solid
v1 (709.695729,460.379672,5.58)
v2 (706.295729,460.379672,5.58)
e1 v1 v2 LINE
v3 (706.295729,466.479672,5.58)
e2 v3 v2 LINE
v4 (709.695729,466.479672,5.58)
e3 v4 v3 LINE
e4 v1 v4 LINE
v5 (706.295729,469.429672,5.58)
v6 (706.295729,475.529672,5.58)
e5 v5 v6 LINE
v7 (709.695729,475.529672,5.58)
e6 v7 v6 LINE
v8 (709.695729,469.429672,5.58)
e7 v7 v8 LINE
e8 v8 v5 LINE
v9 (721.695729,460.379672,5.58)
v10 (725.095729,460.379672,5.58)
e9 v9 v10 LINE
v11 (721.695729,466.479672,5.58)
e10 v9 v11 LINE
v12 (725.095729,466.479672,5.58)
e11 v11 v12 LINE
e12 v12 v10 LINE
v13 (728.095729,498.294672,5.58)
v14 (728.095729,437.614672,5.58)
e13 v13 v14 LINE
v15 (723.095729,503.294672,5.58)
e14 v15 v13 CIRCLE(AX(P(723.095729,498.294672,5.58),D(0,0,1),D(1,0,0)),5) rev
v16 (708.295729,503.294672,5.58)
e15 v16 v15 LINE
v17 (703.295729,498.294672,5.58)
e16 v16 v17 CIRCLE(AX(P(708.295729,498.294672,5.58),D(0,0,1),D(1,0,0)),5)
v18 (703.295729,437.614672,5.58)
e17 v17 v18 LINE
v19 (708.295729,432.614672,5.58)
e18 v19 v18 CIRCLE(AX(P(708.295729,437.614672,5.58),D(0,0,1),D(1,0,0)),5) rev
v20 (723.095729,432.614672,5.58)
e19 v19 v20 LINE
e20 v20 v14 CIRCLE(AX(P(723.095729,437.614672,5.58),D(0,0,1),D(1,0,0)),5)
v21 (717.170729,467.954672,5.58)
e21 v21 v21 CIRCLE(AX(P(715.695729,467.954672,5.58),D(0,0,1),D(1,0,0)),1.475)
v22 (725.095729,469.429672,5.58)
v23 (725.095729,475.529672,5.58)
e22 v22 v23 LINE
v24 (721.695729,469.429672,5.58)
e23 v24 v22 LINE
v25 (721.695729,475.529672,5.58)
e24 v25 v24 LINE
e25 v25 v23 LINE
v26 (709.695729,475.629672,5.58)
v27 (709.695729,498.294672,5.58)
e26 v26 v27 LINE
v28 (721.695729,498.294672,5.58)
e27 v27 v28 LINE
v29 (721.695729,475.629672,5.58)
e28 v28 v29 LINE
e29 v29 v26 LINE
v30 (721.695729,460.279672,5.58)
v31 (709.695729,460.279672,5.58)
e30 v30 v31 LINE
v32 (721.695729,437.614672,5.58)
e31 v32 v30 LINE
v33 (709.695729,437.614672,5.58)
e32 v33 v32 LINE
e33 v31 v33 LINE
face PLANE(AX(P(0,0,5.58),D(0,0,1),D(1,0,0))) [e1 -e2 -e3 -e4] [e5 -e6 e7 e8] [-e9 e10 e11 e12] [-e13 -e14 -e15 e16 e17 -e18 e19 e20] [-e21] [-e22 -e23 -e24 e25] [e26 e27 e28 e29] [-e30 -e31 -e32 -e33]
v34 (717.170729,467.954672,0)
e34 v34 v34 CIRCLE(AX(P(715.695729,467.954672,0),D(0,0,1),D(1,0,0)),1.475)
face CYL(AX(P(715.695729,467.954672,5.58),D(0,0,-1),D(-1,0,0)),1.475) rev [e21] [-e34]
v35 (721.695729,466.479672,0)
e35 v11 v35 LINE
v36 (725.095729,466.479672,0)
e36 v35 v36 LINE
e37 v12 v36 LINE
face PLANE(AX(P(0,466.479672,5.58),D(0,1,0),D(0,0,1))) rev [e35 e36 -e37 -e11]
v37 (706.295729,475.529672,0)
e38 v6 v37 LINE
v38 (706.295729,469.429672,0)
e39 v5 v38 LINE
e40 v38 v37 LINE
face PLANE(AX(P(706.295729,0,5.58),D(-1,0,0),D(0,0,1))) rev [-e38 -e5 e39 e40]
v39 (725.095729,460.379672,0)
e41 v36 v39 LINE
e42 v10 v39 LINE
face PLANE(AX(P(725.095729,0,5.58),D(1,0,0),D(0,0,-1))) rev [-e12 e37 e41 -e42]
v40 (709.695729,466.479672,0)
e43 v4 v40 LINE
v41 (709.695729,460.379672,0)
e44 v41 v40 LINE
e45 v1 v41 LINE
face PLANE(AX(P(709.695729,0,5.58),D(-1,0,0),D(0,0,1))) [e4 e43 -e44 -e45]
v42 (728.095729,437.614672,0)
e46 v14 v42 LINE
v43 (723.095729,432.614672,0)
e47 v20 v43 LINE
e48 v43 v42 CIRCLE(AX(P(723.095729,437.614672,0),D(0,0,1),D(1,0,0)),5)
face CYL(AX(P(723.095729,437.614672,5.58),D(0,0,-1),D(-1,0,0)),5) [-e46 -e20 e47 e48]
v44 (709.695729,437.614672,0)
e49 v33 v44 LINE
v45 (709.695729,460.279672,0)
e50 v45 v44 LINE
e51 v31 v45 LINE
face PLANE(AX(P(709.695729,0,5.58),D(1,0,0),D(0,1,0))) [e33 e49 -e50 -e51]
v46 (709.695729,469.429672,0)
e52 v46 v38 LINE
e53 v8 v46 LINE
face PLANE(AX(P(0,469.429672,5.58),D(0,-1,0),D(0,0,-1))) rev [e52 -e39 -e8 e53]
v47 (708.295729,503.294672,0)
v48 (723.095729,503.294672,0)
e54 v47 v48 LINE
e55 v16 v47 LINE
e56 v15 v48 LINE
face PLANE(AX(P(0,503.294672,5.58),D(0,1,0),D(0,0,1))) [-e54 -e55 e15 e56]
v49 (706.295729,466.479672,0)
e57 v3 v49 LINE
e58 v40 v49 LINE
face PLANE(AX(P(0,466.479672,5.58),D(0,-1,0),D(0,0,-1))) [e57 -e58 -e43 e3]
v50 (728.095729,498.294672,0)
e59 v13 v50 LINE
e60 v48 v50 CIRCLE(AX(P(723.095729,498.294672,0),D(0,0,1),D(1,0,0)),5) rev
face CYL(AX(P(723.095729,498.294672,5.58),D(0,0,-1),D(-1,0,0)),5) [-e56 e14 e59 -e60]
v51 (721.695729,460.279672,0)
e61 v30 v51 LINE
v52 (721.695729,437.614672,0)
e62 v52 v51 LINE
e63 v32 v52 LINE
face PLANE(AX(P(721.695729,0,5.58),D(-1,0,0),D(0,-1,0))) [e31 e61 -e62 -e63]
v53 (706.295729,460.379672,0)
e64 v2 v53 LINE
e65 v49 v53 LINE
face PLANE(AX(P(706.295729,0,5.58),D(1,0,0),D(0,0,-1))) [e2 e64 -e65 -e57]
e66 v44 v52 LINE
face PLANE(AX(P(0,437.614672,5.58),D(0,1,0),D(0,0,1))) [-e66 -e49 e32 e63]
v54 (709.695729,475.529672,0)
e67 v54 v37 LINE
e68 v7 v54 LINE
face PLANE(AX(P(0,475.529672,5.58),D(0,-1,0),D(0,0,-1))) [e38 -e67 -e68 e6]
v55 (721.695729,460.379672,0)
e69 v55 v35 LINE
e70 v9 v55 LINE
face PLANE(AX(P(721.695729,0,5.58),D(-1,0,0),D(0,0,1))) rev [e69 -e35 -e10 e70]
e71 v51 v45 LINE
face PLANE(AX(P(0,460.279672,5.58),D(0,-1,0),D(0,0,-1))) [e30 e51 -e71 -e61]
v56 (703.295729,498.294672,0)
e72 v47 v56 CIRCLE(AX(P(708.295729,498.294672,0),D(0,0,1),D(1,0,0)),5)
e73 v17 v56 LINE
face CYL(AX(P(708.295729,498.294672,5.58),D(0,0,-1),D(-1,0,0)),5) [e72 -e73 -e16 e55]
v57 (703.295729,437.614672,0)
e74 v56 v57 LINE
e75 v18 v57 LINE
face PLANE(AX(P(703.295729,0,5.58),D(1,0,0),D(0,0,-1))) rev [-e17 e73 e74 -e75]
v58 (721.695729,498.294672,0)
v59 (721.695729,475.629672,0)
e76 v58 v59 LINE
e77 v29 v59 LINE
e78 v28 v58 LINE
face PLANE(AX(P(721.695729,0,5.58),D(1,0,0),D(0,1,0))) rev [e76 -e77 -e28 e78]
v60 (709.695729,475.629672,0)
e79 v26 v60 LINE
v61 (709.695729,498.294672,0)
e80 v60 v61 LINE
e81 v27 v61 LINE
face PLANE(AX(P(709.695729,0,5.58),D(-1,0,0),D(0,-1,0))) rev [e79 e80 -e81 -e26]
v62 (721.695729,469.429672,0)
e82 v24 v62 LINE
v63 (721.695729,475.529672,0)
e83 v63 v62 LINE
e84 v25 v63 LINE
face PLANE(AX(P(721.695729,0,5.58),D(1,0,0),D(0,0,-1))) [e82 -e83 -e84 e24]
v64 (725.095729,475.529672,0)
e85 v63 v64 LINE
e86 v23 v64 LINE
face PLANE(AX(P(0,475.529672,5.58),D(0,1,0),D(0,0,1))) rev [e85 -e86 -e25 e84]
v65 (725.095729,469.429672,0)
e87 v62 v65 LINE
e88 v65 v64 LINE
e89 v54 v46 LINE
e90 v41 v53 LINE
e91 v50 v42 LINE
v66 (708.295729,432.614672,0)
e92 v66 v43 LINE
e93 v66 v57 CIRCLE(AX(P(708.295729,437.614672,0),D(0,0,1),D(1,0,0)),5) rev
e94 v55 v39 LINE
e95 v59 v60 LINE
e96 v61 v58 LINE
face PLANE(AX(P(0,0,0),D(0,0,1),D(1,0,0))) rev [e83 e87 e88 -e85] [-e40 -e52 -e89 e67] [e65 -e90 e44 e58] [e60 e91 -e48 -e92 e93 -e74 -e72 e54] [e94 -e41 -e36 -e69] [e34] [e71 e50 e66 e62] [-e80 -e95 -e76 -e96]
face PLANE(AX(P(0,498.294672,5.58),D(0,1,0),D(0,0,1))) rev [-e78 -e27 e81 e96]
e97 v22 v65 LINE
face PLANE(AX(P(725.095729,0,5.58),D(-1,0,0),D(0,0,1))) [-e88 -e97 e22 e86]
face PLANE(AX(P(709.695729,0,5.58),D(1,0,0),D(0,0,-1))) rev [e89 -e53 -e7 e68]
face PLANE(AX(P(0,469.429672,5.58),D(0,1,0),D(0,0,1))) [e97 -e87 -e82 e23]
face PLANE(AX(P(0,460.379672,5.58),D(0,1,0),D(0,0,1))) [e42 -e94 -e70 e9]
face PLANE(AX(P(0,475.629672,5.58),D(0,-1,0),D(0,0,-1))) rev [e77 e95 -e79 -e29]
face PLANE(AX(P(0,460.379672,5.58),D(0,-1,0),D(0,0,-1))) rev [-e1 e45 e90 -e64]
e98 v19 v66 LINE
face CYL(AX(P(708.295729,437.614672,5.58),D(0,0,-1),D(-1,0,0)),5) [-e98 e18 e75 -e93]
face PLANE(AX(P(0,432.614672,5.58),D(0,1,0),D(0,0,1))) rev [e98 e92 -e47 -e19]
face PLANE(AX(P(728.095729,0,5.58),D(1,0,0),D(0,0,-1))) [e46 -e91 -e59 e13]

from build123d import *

# Parameters (mm, degrees)
SKETCH1_W           = 3.4
SKETCH1_H           = 6.1
SKETCH1_W_2         = 12
SKETCH1_H_2         = 22.665
SKETCH1_R           = 1.475
BOSS_EXTRUDE1_DEPTH = 5.58


with BuildPart() as part:
    # Sketch1 → Boss-Extrude1 (new body)
    with BuildSketch(Plane.XY):
        with BuildLine():
            Line((708.295729089, 432.614671907), (715.695729089, 432.614671907))
            Line((715.695729089, 432.614671907), (723.095729089, 432.614671907))
            ThreePointArc((723.095729089, 432.614671907), (726.631262995, 434.079138001), (728.095729089, 437.614671907))
            Line((728.095729089, 437.614671907), (728.095729089, 498.294671907))
            ThreePointArc((728.095729089, 498.294671907), (726.631262995, 501.830205812), (723.095729089, 503.294671907))
            Line((723.095729089, 503.294671907), (715.695729089, 503.294671907))
            Line((715.695729089, 503.294671907), (708.295729089, 503.294671907))
            ThreePointArc((708.295729089, 503.294671907), (704.760195183, 501.830205812), (703.295729089, 498.294671907))
            Line((703.295729089, 498.294671907), (703.295729089, 437.614671907))
            ThreePointArc((703.295729089, 437.614671907), (704.760195183, 434.079138001), (708.295729089, 432.614671907))
        make_face()
        with Locations((707.995729089, 463.429671907)):
            Rectangle(SKETCH1_W, SKETCH1_H, mode=Mode.SUBTRACT)
        with Locations((715.695729089, 448.947171907)):
            Rectangle(SKETCH1_W_2, SKETCH1_H_2, mode=Mode.SUBTRACT)
        with Locations((723.395729089, 463.429671907)):
            Rectangle(SKETCH1_W, SKETCH1_H, mode=Mode.SUBTRACT)
        with Locations((707.995729089, 472.479671907)):
            Rectangle(SKETCH1_W, SKETCH1_H, mode=Mode.SUBTRACT)
        with Locations((715.695729089, 467.954671907)):
            Circle(SKETCH1_R, mode=Mode.SUBTRACT)
        with Locations((723.395729089, 472.479671907)):
            Rectangle(SKETCH1_W, SKETCH1_H, mode=Mode.SUBTRACT)
        with Locations((715.695729089, 486.962171907)):
            Rectangle(SKETCH1_W_2, SKETCH1_H_2, mode=Mode.SUBTRACT)
    extrude(amount=BOSS_EXTRUDE1_DEPTH)


solid = part.part
